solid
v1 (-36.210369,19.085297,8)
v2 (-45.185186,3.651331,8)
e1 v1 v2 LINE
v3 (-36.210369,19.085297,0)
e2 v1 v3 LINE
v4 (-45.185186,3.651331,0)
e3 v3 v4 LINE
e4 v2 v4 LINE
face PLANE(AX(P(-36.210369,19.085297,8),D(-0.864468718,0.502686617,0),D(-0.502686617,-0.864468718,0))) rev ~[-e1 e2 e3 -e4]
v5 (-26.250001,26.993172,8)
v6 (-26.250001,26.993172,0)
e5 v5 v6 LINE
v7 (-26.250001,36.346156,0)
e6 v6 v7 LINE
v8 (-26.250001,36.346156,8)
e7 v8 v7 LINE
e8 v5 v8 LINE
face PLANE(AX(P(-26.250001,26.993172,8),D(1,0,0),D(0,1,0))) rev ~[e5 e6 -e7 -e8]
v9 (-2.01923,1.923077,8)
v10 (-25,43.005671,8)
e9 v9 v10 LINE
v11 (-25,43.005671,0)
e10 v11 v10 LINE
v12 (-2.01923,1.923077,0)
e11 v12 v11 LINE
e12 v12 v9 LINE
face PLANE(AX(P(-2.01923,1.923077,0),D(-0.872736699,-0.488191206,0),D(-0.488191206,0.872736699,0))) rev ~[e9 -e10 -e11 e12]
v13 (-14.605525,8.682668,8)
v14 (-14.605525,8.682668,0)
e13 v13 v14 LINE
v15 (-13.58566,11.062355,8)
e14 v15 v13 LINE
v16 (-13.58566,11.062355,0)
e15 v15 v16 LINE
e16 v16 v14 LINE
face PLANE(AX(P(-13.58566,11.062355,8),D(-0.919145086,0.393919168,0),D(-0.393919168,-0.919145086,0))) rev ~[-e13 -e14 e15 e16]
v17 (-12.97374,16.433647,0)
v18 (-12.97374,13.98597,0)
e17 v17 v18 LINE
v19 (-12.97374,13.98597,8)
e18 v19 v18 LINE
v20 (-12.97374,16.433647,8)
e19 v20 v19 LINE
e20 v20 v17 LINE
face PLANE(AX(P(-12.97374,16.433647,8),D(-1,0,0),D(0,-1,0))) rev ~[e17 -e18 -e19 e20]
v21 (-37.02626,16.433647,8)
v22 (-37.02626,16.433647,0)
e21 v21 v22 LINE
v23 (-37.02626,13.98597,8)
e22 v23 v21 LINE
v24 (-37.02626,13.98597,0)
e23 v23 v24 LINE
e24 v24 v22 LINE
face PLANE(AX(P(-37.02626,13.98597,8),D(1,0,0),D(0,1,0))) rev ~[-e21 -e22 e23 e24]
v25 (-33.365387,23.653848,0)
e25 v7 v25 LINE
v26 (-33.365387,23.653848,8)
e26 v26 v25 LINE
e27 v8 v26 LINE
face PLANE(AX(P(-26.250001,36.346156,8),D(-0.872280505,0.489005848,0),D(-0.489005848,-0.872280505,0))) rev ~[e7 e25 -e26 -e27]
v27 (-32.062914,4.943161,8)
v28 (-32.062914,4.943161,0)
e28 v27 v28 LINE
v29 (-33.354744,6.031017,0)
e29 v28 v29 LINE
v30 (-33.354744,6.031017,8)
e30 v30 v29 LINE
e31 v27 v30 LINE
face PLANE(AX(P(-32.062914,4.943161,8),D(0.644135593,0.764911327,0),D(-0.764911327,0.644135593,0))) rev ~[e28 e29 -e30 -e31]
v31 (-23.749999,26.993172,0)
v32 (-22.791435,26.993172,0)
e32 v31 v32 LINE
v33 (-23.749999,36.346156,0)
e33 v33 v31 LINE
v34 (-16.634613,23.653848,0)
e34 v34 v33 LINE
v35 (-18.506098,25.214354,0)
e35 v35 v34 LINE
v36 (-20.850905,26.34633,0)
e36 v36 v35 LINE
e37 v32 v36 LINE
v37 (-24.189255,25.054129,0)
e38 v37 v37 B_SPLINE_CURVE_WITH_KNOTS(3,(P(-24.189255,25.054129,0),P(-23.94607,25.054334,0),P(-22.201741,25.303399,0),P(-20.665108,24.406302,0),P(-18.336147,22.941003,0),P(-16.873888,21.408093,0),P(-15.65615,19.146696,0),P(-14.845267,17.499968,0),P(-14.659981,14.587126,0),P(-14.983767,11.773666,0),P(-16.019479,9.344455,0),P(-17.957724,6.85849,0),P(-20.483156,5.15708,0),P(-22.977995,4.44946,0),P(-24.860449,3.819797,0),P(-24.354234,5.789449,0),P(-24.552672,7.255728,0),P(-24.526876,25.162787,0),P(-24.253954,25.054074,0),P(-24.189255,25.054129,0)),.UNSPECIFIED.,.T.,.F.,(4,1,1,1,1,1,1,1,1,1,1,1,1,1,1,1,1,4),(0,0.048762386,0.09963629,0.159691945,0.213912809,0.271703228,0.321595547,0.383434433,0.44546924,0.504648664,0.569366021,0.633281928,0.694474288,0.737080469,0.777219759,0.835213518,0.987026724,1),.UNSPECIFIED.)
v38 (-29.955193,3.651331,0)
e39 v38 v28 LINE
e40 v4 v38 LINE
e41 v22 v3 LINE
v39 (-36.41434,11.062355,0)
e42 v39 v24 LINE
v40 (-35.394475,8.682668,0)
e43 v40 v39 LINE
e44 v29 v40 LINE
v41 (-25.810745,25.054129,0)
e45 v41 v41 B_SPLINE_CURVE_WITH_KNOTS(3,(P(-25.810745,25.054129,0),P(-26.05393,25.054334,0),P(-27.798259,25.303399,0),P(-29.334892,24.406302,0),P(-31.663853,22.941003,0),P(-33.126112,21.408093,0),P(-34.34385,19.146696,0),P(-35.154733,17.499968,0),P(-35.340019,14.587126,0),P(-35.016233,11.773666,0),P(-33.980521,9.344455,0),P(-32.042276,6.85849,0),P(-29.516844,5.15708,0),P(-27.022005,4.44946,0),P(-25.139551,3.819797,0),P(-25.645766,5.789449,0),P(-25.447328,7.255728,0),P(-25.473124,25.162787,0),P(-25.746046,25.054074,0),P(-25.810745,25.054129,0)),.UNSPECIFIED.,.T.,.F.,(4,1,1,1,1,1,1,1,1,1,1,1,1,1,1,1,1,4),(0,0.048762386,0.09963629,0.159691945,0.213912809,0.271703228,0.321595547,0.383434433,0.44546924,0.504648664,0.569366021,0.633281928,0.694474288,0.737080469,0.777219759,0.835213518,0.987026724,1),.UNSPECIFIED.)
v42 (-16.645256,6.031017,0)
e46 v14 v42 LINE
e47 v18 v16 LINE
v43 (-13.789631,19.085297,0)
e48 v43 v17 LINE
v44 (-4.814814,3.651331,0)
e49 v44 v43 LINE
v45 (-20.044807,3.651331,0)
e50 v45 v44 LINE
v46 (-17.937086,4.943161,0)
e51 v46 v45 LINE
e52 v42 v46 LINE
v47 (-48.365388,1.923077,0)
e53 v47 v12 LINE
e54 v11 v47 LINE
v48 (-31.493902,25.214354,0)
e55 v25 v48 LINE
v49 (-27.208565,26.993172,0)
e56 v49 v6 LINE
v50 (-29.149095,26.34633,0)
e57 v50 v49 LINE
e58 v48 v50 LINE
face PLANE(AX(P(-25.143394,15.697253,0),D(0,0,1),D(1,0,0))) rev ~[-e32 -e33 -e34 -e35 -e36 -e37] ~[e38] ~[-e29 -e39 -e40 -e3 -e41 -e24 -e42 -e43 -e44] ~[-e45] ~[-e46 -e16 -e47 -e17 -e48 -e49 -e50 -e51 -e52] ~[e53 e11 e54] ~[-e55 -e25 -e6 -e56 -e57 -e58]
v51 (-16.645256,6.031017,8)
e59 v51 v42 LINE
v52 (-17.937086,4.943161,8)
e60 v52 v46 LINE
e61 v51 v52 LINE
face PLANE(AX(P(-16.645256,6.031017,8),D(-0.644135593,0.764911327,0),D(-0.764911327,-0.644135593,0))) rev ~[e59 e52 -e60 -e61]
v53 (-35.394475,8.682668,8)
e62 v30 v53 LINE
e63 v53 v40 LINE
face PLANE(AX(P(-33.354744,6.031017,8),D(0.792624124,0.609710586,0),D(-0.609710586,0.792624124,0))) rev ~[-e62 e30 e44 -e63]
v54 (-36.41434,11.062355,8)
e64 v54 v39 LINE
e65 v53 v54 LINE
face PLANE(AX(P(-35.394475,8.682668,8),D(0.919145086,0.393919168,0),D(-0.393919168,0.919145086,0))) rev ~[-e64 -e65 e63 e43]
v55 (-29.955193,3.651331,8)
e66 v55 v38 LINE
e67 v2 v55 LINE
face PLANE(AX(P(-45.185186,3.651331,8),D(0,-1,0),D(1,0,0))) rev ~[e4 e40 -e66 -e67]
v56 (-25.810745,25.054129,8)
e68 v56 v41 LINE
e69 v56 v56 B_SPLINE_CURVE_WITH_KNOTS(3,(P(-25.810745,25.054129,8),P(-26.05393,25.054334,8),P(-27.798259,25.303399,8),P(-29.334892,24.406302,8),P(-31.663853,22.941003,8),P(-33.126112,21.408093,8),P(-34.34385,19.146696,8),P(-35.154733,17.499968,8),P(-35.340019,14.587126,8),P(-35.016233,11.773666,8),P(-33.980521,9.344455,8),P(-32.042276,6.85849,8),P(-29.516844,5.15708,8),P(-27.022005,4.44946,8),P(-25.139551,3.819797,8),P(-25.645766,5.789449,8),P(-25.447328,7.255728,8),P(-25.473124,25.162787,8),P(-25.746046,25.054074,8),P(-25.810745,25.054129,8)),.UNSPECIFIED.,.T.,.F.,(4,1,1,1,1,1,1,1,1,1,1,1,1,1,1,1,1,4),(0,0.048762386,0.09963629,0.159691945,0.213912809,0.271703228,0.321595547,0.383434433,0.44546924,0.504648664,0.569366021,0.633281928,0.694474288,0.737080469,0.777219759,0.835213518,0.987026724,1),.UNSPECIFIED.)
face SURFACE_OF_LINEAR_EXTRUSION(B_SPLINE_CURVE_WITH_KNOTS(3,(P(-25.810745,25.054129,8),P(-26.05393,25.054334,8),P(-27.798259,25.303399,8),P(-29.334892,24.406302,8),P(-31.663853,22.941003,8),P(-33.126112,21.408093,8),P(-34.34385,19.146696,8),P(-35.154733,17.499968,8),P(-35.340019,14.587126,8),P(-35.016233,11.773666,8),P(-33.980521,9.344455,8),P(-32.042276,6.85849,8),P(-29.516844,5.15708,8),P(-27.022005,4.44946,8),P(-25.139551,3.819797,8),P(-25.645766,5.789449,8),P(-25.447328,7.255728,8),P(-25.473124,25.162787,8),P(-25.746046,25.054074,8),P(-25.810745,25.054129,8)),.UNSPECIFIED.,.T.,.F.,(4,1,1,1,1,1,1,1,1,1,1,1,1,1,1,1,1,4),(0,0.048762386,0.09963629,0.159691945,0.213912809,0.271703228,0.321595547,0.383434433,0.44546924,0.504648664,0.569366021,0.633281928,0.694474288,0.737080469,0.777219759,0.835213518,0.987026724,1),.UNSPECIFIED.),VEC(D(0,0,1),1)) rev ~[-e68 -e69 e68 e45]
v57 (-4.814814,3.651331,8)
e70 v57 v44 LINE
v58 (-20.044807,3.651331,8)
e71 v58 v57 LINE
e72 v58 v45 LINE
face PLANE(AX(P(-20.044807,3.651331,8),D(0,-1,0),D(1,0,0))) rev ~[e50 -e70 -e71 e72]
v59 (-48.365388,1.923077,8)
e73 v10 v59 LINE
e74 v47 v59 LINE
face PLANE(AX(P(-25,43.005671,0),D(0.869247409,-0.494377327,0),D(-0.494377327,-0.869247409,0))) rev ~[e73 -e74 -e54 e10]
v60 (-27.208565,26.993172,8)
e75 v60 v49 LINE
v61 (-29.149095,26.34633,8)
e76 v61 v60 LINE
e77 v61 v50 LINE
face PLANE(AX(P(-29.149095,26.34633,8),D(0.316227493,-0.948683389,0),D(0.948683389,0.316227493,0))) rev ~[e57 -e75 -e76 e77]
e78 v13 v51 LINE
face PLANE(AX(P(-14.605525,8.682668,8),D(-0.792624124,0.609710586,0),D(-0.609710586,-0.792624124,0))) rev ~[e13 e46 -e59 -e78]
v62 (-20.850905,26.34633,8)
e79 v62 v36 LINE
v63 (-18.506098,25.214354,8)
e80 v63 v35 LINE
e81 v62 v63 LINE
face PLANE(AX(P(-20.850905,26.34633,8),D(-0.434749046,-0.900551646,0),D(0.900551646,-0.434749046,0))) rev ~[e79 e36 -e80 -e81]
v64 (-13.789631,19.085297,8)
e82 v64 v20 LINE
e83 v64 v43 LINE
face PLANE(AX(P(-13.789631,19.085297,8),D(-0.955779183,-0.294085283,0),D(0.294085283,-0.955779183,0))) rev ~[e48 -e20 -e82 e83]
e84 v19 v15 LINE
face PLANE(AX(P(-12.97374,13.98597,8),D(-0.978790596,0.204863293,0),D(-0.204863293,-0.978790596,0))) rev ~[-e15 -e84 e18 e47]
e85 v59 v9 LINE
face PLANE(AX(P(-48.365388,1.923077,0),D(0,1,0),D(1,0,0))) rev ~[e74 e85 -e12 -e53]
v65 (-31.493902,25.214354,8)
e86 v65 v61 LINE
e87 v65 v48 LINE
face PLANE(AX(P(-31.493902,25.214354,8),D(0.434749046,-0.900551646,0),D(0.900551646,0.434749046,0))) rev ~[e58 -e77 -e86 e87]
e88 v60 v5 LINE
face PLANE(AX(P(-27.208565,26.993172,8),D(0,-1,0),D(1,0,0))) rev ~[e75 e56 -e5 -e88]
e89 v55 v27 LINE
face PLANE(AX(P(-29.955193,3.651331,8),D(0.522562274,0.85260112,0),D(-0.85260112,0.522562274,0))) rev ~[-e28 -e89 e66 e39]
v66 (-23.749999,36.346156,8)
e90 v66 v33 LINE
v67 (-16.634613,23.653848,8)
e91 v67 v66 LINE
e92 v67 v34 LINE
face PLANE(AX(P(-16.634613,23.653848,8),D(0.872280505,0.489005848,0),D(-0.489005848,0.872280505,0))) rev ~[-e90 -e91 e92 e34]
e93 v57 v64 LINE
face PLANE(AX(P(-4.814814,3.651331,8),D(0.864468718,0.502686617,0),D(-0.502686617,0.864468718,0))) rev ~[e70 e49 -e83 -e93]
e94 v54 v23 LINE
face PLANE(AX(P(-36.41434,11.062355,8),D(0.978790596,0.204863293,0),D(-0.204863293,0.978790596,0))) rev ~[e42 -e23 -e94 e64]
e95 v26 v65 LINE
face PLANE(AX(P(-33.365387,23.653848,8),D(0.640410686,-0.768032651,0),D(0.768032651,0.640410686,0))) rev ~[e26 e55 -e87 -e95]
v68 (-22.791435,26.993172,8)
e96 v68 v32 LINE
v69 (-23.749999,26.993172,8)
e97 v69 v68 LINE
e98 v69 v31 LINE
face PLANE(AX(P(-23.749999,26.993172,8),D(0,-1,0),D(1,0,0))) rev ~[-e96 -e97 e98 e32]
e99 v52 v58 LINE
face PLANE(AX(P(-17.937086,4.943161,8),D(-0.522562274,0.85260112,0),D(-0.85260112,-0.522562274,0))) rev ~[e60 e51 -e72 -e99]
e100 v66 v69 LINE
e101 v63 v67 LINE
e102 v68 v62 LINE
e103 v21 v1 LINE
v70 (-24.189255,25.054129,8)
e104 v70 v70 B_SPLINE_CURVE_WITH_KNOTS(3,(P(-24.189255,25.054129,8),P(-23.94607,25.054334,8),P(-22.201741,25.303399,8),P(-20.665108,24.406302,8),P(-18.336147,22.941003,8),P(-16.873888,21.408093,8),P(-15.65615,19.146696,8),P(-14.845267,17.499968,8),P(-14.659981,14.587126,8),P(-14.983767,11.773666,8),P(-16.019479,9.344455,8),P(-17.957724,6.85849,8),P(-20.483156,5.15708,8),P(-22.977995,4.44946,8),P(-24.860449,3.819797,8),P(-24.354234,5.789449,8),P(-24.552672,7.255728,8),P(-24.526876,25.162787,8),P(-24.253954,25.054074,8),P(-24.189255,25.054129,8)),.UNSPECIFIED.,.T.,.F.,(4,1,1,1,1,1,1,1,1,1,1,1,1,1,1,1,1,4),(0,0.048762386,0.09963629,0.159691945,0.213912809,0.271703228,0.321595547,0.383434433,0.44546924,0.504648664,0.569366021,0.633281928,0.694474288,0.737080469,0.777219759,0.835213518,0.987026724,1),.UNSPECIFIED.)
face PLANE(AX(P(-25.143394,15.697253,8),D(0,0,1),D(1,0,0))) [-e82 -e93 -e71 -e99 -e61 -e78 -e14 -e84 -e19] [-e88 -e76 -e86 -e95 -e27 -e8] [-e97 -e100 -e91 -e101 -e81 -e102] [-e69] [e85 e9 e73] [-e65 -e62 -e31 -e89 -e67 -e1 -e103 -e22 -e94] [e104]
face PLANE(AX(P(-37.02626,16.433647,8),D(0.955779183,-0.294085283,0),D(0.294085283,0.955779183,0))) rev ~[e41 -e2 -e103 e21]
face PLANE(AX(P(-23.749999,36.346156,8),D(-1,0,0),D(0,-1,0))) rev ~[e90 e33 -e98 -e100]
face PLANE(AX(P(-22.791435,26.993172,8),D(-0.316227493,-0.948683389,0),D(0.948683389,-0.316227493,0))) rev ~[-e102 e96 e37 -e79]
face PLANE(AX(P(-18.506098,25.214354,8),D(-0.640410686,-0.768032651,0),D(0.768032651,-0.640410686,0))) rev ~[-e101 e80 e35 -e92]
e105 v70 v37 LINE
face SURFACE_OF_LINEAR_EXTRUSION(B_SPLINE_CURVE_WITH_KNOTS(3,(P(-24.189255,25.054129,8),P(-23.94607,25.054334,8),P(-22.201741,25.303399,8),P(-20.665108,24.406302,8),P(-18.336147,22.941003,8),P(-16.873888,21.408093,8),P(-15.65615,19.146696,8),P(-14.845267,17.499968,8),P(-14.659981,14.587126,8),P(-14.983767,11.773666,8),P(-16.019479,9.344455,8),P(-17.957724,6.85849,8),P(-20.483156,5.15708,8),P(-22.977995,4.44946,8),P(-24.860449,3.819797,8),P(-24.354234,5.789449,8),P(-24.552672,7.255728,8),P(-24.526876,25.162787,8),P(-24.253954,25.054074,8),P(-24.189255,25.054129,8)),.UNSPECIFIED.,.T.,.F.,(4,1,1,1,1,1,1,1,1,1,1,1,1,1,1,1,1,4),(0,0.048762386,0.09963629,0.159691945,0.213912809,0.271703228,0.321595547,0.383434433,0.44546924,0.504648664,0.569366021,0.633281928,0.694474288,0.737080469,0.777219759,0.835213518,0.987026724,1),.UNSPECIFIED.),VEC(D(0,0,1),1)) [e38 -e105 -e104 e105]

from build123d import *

# Parameters (mm, degrees)
F1_DEPTH = 8
F3_DEPTH = 8


with BuildPart() as f1:
    # F0 (on Top) → F1 (new body)
    with BuildSketch(Plane.XY):
        Polygon((-2.0192302763, 1.9230770413), (-25, 43.0056710775), (-48.3653880656, 1.9230770413), align=None)
    extrude(amount=F1_DEPTH)

    # F2 (on face) → F3 (cut)
    with BuildSketch(Plane.XY.offset(8)):
        Polygon((-26.2500010431, 26.9931722432), (-26.2500010431, 36.3461561501), (-33.3653874695, 23.6538480967), (-31.4939022064, 25.2143535763), (-29.1490945965, 26.3463295996), (-27.208564803, 26.9931722432), (-26.8622171134, 26.9931722432), align=None)
        Polygon((-37.0262600482, 16.4336469024), (-36.2103693187, 19.085297361), (-45.1851859689, 3.6513311788), (-29.9551934004, 3.6513311788), (-32.0629142225, 4.9431608059), (-33.3547443151, 6.0310172848), (-35.394474864, 8.6826682091), (-36.4143401384, 11.0623547807), (-37.0262600482, 13.9859700575), align=None)
        with BuildLine():
            add(Edge.make_bspline(
                [(-25.8107452986, 25.0541286624), (-26.0539297324, 25.0543341682), (-27.7982591194, 25.3033986908), (-29.3348924538, 24.406301793), (-31.6638530996, 22.9410031982), (-33.1261121905, 21.4080934307), (-34.3438499351, 19.1466962701), (-35.1547329743, 17.4999684807), (-35.3400192561, 14.587125511), (-35.0162328157, 11.7736659826), (-33.9805207681, 9.3444554042), (-32.0422763564, 6.8584903497), (-29.5168441453, 5.1570802203), (-27.0220051227, 4.4494599583), (-25.1395513928, 3.8197970201), (-25.6457661586, 5.7894494643), (-25.4473279188, 7.255727746), (-25.4731235472, 25.1627871813), (-25.7460458651, 25.0540739873), (-25.8107452986, 25.0541286624)],
                knots=[0, 0, 0, 0, 0.0487623862, 0.0996362903, 0.1596919447, 0.2139128094, 0.2717032279, 0.3215955474, 0.3834344332, 0.4454692404, 0.5046486638, 0.5693660212, 0.6332819284, 0.6944742876, 0.7370804691, 0.7772197585, 0.8352135176, 0.9870267241, 1, 1, 1, 1], degree=3))
        make_face()
        Polygon((-16.6346125305, 23.6538480967), (-23.7499989569, 36.3461561501), (-23.7499989569, 26.9931722432), (-23.1377828866, 26.9931722432), (-22.791435197, 26.9931722432), (-20.8509054035, 26.3463295996), (-18.5060977936, 25.2143535763), align=None)
        with BuildLine():
            add(Edge.make_bspline(
                [(-24.1892547014, 25.0541286624), (-23.9460702676, 25.0543341682), (-22.2017408806, 25.3033986908), (-20.6651075462, 24.406301793), (-18.3361469004, 22.9410031982), (-16.8738878095, 21.4080934307), (-15.6561500649, 19.1466962701), (-14.8452670257, 17.4999684807), (-14.6599807439, 14.587125511), (-14.9837671843, 11.7736659826), (-16.0194792319, 9.3444554042), (-17.9577236436, 6.8584903497), (-20.4831558547, 5.1570802203), (-22.9779948773, 4.4494599583), (-24.8604486072, 3.8197970201), (-24.3542338414, 5.7894494643), (-24.5526720812, 7.255727746), (-24.5268764528, 25.1627871813), (-24.2539541349, 25.0540739873), (-24.1892547014, 25.0541286624)],
                knots=[0, 0, 0, 0, 0.0487623862, 0.0996362903, 0.1596919447, 0.2139128094, 0.2717032279, 0.3215955474, 0.3834344332, 0.4454692404, 0.5046486638, 0.5693660212, 0.6332819284, 0.6944742876, 0.7370804691, 0.7772197585, 0.8352135176, 0.9870267241, 1, 1, 1, 1], degree=3))
        make_face()
        Polygon((-4.8148140311, 3.6513311788), (-13.7896306813, 19.085297361), (-12.9737399518, 16.4336469024), (-12.9737399518, 13.9859700575), (-13.5856598616, 11.0623547807), (-14.605525136, 8.6826682091), (-16.6452556849, 6.0310172848), (-17.9370857775, 4.9431608059), (-20.0448065996, 3.6513311788), align=None)
    extrude(amount=-F3_DEPTH, mode=Mode.SUBTRACT)


solid = f1.part
